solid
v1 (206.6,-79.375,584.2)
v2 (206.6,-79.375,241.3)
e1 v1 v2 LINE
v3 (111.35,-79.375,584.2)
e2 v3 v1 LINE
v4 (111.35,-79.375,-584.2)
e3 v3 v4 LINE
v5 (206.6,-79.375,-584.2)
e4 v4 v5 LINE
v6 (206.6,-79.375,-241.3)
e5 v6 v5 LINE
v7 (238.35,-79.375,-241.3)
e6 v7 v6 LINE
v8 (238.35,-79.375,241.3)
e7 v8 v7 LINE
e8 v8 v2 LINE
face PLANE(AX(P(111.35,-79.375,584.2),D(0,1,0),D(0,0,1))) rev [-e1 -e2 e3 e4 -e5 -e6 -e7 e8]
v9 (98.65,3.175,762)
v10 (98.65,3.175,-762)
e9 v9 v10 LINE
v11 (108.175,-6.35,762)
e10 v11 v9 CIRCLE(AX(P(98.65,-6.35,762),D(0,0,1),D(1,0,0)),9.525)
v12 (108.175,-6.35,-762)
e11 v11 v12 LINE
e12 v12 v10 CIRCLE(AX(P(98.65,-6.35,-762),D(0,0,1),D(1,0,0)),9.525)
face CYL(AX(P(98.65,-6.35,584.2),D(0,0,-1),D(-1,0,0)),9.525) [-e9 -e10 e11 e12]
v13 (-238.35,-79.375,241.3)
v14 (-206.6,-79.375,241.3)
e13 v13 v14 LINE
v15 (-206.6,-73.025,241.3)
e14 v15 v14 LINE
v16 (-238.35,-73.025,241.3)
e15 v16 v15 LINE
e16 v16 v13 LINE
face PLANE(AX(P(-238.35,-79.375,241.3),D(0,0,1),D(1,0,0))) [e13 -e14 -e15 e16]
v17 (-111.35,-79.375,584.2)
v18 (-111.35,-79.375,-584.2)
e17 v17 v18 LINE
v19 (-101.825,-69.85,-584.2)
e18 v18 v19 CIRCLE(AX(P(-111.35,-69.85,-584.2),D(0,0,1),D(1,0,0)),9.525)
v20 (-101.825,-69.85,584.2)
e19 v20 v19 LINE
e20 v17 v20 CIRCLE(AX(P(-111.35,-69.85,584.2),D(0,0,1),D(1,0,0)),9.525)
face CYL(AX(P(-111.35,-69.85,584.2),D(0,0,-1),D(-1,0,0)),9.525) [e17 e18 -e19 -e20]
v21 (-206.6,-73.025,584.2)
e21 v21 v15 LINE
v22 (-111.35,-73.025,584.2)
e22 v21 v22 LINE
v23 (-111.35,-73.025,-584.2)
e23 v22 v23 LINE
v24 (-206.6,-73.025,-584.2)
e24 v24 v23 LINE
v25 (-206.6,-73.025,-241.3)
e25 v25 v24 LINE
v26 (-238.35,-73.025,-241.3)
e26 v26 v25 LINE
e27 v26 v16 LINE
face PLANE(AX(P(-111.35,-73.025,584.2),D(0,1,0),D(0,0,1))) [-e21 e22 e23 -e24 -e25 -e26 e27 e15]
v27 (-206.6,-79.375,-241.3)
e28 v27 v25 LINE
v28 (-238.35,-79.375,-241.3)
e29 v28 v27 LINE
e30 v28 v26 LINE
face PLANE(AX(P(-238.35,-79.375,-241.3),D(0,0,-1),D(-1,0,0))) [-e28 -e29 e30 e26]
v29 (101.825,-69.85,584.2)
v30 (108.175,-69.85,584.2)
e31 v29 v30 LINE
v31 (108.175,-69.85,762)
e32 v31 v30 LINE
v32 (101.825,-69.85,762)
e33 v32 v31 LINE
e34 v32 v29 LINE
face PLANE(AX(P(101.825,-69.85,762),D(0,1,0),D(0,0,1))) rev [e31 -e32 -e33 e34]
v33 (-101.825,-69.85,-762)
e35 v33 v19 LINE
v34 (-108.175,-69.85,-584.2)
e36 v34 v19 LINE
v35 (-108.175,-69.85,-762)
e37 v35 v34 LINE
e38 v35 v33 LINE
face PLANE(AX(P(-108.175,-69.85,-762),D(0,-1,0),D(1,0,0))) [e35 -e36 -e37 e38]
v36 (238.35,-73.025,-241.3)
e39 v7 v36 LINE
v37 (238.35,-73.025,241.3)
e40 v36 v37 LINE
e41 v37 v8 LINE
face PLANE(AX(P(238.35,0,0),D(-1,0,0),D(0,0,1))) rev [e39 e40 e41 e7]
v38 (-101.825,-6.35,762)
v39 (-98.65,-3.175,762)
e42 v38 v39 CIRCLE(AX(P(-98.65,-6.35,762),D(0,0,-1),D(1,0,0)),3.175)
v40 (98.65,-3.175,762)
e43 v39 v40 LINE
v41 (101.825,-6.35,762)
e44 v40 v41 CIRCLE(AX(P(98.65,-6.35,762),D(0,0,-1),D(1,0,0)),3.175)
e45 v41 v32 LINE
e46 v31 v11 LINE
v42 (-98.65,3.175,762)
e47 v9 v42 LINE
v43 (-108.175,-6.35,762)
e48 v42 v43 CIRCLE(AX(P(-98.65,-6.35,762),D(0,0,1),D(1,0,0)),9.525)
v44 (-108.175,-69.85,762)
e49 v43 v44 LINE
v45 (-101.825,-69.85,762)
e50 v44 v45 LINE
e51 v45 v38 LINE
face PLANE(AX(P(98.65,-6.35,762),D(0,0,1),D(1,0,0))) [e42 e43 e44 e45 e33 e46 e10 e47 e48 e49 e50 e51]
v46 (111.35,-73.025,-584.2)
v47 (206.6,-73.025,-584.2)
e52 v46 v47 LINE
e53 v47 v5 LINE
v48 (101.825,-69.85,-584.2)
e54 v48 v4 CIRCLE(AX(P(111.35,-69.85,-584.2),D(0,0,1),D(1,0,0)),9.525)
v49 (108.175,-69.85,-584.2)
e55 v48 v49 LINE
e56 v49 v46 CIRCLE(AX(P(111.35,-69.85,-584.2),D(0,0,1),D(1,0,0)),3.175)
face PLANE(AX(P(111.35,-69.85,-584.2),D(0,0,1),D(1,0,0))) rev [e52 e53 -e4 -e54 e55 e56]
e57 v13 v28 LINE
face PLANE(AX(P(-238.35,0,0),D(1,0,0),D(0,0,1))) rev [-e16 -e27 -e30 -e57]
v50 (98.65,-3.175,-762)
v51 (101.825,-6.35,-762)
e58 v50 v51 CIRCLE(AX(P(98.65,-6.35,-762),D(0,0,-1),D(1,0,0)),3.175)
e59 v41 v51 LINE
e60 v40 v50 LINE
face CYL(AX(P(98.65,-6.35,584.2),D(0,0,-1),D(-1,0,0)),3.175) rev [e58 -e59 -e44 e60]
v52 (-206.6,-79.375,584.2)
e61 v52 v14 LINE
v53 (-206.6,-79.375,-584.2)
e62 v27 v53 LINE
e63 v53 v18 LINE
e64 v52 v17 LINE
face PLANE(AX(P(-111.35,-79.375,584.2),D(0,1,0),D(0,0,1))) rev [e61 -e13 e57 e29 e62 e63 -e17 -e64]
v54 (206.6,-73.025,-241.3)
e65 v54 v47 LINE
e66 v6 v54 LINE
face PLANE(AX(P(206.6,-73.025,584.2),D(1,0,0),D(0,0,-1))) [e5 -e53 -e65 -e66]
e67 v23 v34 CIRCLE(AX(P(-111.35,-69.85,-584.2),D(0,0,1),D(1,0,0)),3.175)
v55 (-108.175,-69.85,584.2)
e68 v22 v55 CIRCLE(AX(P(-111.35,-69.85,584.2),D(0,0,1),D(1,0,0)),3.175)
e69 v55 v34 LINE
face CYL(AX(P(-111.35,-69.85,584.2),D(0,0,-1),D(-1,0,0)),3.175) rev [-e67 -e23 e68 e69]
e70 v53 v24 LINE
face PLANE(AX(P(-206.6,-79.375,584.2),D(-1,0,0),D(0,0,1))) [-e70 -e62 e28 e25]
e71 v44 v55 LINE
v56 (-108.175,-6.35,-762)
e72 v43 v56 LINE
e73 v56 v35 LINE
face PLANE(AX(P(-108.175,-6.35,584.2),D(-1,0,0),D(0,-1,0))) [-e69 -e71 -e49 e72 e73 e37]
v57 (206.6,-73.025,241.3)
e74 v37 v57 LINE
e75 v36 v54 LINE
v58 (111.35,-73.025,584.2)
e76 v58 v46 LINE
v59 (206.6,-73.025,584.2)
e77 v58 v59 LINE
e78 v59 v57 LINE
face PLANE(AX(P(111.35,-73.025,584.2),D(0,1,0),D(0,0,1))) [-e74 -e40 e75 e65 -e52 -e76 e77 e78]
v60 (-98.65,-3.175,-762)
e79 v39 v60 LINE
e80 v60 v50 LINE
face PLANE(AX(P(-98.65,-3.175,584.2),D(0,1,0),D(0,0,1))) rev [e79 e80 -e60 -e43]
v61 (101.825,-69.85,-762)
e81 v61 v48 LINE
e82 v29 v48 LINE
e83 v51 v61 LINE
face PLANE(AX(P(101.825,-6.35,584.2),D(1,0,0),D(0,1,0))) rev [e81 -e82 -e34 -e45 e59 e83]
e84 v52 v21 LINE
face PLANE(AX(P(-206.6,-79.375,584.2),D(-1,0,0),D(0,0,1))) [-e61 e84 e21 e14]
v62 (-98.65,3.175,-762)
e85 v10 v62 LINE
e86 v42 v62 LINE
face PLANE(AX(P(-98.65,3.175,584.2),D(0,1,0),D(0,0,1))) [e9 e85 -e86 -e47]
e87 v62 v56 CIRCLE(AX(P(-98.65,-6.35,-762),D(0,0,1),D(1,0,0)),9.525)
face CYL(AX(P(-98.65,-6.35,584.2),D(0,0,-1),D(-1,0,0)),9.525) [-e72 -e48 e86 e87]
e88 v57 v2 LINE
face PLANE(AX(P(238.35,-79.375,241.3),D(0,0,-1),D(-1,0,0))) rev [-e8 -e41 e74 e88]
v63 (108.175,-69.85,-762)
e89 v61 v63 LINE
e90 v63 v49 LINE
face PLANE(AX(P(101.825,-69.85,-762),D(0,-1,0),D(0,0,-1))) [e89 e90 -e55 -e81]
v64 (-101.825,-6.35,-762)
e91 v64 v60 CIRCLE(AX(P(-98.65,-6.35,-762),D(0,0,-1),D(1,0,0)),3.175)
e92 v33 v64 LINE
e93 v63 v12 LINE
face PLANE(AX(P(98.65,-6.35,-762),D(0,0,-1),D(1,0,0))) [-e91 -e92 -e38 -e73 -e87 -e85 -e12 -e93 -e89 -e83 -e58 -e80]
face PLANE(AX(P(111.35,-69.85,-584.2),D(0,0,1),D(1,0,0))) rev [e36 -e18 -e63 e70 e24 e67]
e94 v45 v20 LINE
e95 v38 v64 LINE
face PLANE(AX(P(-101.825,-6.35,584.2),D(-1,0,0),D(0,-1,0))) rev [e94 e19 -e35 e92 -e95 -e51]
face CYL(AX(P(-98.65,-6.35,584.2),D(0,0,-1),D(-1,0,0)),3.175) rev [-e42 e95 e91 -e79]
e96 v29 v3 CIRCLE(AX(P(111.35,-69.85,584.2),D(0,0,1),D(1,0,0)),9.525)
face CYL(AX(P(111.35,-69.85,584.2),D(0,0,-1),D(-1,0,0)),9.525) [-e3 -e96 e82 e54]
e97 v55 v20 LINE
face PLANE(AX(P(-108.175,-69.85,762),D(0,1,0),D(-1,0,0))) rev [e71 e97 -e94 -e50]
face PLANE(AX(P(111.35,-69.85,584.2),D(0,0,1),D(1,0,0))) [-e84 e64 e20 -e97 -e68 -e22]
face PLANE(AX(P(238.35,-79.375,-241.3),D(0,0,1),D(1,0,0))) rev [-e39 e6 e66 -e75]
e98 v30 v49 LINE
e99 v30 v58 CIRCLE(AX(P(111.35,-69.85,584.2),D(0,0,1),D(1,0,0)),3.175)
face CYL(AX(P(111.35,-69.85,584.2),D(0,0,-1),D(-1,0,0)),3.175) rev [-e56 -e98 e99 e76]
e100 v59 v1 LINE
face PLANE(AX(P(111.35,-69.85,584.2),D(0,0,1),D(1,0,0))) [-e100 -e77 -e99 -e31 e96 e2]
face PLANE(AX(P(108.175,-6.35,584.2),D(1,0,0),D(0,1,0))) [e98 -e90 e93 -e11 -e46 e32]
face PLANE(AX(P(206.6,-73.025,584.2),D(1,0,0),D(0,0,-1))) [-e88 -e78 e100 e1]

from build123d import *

# Parameters (mm, degrees)
EXTRUDE_THIN1_DEPTH = 584.2
BOSS_EXTRUDE1_START = 177.8
BOSS_EXTRUDE1_DEPTH = 177.8
SKETCH4_W           = 482.6
SKETCH4_H           = 6.35
BOSS_EXTRUDE2_DEPTH = 31.75


with BuildPart() as part:
    # Sketch1 → Extrude-Thin1 (new, symmetric)
    with BuildSketch(Plane.XY):
        with BuildLine():
            Line((-206.6, -79.375), (-111.35, -79.375))
            ThreePointArc((-111.35, -79.375), (-104.614807909, -76.585192091), (-101.825, -69.85))
            Line((-101.825, -69.85), (-101.825, -6.35))
            ThreePointArc((-101.825, -6.35), (-100.89506403, -4.10493597), (-98.65, -3.175))
            Line((-98.65, -3.175), (98.65, -3.175))
            ThreePointArc((98.65, -3.175), (100.89506403, -4.10493597), (101.825, -6.35))
            Line((101.825, -6.35), (101.825, -69.85))
            ThreePointArc((101.825, -69.85), (104.614807909, -76.585192091), (111.35, -79.375))
            Line((111.35, -79.375), (206.6, -79.375))
            Line((206.6, -79.375), (206.6, -73.025))
            Line((206.6, -73.025), (111.35, -73.025))
            ThreePointArc((111.35, -73.025), (109.10493597, -72.09506403), (108.175, -69.85))
            Line((108.175, -69.85), (108.175, -6.35))
            ThreePointArc((108.175, -6.35), (105.385192091, 0.385192091), (98.65, 3.175))
            Line((98.65, 3.175), (-98.65, 3.175))
            ThreePointArc((-98.65, 3.175), (-105.385192091, 0.385192091), (-108.175, -6.35))
            Line((-108.175, -6.35), (-108.175, -69.85))
            ThreePointArc((-108.175, -69.85), (-109.10493597, -72.09506403), (-111.35, -73.025))
            Line((-111.35, -73.025), (-206.6, -73.025))
            Line((-206.6, -73.025), (-206.6, -79.375))
        make_face()
    extrude(amount=EXTRUDE_THIN1_DEPTH, both=True)

    # Sketch3 → Boss-Extrude1 (add)
    with BuildSketch(Plane.XY.offset(584.2).offset(BOSS_EXTRUDE1_START)):
        with BuildLine():
            Line((-108.175, -69.85), (-101.825, -69.85))
            Line((-101.825, -69.85), (-101.825, -6.35))
            ThreePointArc((-101.825, -6.35), (-100.89506403, -4.10493597), (-98.65, -3.175))
            Line((-98.65, -3.175), (98.65, -3.175))
            ThreePointArc((98.65, -3.175), (100.89506403, -4.10493597), (101.825, -6.35))
            Line((101.825, -6.35), (101.825, -69.85))
            Line((101.825, -69.85), (108.175, -69.85))
            Line((108.175, -69.85), (108.175, -6.35))
            ThreePointArc((108.175, -6.35), (105.385192091, 0.385192091), (98.65, 3.175))
            Line((98.65, 3.175), (-98.65, 3.175))
            ThreePointArc((-98.65, 3.175), (-105.385192091, 0.385192091), (-108.175, -6.35))
            Line((-108.175, -6.35), (-108.175, -69.85))
        make_face()
    boss_extrude1 = extrude(amount=-BOSS_EXTRUDE1_DEPTH)

    # Sketch4 → Boss-Extrude2 (add)
    with BuildSketch(Plane(origin=(206.6, 0, 0), x_dir=(0, 0, -1), z_dir=(1, 0, 0))):
        with Locations((0, -76.2)):
            Rectangle(SKETCH4_W, SKETCH4_H)
    boss_extrude2 = extrude(amount=BOSS_EXTRUDE2_DEPTH)

    # Mirror1: Boss-Extrude1 across plane
    add(boss_extrude1.mirror(Plane.XY))

    # Mirror2: Boss-Extrude2 across plane
    add(boss_extrude2.mirror(Plane(origin=(0, 0, 0), x_dir=(0, 0, 1), z_dir=(1, 0, 0))))


solid = part.part
